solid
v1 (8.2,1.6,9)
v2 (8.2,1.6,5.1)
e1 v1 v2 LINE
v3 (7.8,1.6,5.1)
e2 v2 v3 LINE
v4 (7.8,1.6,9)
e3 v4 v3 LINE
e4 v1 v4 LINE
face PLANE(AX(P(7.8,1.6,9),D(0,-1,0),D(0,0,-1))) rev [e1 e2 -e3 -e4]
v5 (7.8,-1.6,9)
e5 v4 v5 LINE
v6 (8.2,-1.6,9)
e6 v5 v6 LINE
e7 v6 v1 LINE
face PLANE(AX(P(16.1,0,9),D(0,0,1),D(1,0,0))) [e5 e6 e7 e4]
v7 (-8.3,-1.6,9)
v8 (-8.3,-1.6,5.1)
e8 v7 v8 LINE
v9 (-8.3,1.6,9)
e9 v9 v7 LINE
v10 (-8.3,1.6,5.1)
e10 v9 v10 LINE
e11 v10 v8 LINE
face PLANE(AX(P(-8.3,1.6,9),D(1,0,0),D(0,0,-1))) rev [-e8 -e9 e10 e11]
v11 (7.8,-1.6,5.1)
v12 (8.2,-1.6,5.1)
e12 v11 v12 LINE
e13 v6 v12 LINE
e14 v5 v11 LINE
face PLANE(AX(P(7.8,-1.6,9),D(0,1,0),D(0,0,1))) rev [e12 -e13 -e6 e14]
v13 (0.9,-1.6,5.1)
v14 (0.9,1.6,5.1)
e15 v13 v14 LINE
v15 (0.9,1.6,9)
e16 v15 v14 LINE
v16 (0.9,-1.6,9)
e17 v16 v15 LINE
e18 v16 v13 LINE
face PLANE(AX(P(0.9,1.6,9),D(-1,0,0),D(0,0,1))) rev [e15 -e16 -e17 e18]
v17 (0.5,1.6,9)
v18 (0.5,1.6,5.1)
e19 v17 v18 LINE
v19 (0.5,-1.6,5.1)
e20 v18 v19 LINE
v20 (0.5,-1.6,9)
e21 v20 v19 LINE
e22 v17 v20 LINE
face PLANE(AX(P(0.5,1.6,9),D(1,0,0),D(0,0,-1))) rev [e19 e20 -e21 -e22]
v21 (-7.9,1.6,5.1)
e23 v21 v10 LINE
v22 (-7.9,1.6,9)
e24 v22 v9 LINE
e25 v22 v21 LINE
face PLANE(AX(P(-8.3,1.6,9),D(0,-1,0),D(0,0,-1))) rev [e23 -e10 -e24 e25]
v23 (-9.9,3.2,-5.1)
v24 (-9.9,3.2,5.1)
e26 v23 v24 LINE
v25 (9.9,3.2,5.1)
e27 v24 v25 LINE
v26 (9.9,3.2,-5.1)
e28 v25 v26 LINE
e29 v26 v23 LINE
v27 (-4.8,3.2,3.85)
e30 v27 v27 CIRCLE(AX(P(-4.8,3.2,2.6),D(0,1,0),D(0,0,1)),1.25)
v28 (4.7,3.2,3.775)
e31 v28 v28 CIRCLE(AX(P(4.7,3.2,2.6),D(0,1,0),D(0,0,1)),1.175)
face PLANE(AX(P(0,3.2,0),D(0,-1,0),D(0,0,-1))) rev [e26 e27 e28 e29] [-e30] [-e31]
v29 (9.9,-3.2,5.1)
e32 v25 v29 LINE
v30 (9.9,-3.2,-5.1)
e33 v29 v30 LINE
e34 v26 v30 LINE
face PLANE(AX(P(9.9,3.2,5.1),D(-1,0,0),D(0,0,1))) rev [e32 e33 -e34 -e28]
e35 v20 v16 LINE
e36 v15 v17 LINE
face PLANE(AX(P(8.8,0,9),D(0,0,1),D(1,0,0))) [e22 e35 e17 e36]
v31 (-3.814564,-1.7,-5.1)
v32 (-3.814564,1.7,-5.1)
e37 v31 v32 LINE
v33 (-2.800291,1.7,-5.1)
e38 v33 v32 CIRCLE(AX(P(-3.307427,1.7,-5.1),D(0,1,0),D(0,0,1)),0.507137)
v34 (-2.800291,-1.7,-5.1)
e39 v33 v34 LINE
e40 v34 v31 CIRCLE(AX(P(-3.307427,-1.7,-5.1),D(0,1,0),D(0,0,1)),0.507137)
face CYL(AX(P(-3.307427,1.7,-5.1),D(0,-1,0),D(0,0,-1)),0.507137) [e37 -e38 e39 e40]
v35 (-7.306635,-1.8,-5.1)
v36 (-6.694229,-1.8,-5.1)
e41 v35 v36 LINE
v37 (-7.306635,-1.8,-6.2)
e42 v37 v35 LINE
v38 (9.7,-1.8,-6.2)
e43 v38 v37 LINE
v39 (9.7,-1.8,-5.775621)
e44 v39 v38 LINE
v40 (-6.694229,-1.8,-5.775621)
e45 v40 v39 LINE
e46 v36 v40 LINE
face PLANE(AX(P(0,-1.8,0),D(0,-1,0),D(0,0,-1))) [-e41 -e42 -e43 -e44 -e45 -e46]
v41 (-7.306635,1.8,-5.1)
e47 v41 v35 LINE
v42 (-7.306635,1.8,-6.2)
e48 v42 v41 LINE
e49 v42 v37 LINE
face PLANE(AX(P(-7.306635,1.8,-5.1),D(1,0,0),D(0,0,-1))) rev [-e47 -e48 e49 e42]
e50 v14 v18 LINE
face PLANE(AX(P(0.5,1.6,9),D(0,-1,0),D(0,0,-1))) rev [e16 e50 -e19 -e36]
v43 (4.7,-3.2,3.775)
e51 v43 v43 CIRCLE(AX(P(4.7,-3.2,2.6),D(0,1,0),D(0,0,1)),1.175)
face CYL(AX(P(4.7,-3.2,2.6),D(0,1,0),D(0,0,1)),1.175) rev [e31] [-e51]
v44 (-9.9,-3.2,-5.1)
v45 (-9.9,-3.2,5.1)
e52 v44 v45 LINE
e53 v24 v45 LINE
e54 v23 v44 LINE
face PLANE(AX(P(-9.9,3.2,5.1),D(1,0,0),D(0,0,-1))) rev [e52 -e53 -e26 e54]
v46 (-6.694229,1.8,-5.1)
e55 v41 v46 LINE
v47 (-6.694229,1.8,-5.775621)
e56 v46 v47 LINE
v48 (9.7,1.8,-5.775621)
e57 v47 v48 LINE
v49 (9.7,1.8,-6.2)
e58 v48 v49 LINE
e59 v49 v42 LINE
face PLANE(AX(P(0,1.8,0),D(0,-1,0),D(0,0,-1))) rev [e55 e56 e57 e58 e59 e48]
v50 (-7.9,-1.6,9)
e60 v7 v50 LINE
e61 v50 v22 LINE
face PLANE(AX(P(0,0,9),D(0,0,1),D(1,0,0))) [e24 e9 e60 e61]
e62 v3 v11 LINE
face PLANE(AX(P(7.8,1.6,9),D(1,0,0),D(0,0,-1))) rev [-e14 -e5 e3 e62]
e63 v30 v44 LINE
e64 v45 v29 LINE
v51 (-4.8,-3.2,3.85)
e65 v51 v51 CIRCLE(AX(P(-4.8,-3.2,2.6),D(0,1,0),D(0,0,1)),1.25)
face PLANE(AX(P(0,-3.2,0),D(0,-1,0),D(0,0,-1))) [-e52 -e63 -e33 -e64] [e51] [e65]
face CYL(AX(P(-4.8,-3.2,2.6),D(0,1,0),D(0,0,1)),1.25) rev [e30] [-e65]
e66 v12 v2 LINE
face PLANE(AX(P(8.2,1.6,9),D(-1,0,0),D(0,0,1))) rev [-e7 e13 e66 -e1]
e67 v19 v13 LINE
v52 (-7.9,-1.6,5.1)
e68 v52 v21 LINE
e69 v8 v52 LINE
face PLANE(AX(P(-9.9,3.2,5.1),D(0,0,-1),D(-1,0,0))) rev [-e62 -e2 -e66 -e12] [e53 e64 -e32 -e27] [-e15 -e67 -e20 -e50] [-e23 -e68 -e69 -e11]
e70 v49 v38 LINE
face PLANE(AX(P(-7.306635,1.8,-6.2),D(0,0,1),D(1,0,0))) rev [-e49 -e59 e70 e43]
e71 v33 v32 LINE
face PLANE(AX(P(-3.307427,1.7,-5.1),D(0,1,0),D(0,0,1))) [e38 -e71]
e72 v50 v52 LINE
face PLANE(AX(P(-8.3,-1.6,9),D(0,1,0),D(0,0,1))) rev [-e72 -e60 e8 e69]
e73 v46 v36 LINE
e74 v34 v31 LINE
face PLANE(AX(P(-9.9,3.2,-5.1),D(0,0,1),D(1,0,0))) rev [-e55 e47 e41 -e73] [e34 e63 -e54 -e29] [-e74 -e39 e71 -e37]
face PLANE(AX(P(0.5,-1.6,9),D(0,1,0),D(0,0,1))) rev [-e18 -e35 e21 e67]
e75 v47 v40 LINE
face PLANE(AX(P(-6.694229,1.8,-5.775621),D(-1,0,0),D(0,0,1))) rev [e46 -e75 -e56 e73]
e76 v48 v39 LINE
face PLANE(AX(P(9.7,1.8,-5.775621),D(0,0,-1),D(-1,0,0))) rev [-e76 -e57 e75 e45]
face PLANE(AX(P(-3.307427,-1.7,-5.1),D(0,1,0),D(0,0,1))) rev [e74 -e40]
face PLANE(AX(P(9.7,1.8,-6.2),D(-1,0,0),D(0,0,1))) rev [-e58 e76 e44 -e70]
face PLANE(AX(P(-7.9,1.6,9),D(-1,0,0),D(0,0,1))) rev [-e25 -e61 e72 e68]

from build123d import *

# Parameters (mm, degrees)
SKETCH1_W               = 19.8
SKETCH1_H               = 10.2
BOSS_EXTRUDE1_DEPTH     = 3.2
SKETCH2_R               = 1.25
SKETCH2_R_2             = 1.175
CUT_EXTRUDE1_DEPTH      = 4.2
CUT_EXTRUDE1_DEPTH_BACK = 4.2
BOSS_EXTRUDE2_DEPTH     = 1.8
SKETCH4_W               = 0.4
SKETCH4_H               = 3.2
BOSS_EXTRUDE3_DEPTH     = 3.9
LPATTERN1_COUNT         = 2
LPATTERN1_PITCH         = 8.8
LPATTERN2_COUNT         = 2
LPATTERN2_PITCH         = 16.1
SKETCH5_R               = 0.507136528
BOSS_EXTRUDE4_DEPTH     = 1.7


with BuildPart() as part:
    # Sketch1 → Boss-Extrude1 (new body, symmetric)
    with BuildSketch(Plane(origin=(0, 0, 0), x_dir=(1, 0, 0), z_dir=(0, 1, 0))):
        Rectangle(SKETCH1_W, SKETCH1_H)
    extrude(amount=BOSS_EXTRUDE1_DEPTH, both=True)

    # Sketch2 → Cut-Extrude1 (cut, two sides)
    with BuildSketch(Plane(origin=(0, 0, 0), x_dir=(1, 0, 0), z_dir=(0, 1, 0))) as cut_extrude1_sk:
        with Locations((-4.8, -2.6)):
            Circle(SKETCH2_R)
        with Locations((4.7, -2.6)):
            Circle(SKETCH2_R_2)
    extrude(amount=CUT_EXTRUDE1_DEPTH, mode=Mode.SUBTRACT)
    extrude(cut_extrude1_sk.sketch, amount=-CUT_EXTRUDE1_DEPTH_BACK, mode=Mode.SUBTRACT)

    # Sketch3 → Boss-Extrude2 (add, symmetric)
    with BuildSketch(Plane(origin=(0, 0, 0), x_dir=(1, 0, 0), z_dir=(0, 1, 0))):
        Polygon((-7.306635191, 5.1), (-7.306635191, 6.2), (9.7, 6.2), (9.7, 5.775620591), (-6.694229351, 5.775620591), (-6.694229351, 5.1), align=None)
    extrude(amount=BOSS_EXTRUDE2_DEPTH, both=True)

    # Sketch4 → Boss-Extrude3 (add)
    with BuildSketch(Plane.XY.offset(5.1)):
        with Locations((-8.1, 0)):
            Rectangle(SKETCH4_W, SKETCH4_H)
    boss_extrude3 = extrude(amount=BOSS_EXTRUDE3_DEPTH)

    # LPattern1: Boss-Extrude3 ×2
    with Locations(*[(i * LPATTERN1_PITCH, 0, 0) for i in range(1, LPATTERN1_COUNT)]):
        add(boss_extrude3)

    # LPattern2: Boss-Extrude3 ×2
    with Locations(*[(i * LPATTERN2_PITCH, 0, 0) for i in range(1, LPATTERN2_COUNT)]):
        add(boss_extrude3)

    # Sketch5 → Boss-Extrude4 (add, symmetric)
    with BuildSketch(Plane(origin=(0, 0, 0), x_dir=(1, 0, 0), z_dir=(0, 1, 0))):
        with Locations((-3.307427246, 5.1)):
            Circle(SKETCH5_R)
    extrude(amount=BOSS_EXTRUDE4_DEPTH, both=True)


solid = part.part
